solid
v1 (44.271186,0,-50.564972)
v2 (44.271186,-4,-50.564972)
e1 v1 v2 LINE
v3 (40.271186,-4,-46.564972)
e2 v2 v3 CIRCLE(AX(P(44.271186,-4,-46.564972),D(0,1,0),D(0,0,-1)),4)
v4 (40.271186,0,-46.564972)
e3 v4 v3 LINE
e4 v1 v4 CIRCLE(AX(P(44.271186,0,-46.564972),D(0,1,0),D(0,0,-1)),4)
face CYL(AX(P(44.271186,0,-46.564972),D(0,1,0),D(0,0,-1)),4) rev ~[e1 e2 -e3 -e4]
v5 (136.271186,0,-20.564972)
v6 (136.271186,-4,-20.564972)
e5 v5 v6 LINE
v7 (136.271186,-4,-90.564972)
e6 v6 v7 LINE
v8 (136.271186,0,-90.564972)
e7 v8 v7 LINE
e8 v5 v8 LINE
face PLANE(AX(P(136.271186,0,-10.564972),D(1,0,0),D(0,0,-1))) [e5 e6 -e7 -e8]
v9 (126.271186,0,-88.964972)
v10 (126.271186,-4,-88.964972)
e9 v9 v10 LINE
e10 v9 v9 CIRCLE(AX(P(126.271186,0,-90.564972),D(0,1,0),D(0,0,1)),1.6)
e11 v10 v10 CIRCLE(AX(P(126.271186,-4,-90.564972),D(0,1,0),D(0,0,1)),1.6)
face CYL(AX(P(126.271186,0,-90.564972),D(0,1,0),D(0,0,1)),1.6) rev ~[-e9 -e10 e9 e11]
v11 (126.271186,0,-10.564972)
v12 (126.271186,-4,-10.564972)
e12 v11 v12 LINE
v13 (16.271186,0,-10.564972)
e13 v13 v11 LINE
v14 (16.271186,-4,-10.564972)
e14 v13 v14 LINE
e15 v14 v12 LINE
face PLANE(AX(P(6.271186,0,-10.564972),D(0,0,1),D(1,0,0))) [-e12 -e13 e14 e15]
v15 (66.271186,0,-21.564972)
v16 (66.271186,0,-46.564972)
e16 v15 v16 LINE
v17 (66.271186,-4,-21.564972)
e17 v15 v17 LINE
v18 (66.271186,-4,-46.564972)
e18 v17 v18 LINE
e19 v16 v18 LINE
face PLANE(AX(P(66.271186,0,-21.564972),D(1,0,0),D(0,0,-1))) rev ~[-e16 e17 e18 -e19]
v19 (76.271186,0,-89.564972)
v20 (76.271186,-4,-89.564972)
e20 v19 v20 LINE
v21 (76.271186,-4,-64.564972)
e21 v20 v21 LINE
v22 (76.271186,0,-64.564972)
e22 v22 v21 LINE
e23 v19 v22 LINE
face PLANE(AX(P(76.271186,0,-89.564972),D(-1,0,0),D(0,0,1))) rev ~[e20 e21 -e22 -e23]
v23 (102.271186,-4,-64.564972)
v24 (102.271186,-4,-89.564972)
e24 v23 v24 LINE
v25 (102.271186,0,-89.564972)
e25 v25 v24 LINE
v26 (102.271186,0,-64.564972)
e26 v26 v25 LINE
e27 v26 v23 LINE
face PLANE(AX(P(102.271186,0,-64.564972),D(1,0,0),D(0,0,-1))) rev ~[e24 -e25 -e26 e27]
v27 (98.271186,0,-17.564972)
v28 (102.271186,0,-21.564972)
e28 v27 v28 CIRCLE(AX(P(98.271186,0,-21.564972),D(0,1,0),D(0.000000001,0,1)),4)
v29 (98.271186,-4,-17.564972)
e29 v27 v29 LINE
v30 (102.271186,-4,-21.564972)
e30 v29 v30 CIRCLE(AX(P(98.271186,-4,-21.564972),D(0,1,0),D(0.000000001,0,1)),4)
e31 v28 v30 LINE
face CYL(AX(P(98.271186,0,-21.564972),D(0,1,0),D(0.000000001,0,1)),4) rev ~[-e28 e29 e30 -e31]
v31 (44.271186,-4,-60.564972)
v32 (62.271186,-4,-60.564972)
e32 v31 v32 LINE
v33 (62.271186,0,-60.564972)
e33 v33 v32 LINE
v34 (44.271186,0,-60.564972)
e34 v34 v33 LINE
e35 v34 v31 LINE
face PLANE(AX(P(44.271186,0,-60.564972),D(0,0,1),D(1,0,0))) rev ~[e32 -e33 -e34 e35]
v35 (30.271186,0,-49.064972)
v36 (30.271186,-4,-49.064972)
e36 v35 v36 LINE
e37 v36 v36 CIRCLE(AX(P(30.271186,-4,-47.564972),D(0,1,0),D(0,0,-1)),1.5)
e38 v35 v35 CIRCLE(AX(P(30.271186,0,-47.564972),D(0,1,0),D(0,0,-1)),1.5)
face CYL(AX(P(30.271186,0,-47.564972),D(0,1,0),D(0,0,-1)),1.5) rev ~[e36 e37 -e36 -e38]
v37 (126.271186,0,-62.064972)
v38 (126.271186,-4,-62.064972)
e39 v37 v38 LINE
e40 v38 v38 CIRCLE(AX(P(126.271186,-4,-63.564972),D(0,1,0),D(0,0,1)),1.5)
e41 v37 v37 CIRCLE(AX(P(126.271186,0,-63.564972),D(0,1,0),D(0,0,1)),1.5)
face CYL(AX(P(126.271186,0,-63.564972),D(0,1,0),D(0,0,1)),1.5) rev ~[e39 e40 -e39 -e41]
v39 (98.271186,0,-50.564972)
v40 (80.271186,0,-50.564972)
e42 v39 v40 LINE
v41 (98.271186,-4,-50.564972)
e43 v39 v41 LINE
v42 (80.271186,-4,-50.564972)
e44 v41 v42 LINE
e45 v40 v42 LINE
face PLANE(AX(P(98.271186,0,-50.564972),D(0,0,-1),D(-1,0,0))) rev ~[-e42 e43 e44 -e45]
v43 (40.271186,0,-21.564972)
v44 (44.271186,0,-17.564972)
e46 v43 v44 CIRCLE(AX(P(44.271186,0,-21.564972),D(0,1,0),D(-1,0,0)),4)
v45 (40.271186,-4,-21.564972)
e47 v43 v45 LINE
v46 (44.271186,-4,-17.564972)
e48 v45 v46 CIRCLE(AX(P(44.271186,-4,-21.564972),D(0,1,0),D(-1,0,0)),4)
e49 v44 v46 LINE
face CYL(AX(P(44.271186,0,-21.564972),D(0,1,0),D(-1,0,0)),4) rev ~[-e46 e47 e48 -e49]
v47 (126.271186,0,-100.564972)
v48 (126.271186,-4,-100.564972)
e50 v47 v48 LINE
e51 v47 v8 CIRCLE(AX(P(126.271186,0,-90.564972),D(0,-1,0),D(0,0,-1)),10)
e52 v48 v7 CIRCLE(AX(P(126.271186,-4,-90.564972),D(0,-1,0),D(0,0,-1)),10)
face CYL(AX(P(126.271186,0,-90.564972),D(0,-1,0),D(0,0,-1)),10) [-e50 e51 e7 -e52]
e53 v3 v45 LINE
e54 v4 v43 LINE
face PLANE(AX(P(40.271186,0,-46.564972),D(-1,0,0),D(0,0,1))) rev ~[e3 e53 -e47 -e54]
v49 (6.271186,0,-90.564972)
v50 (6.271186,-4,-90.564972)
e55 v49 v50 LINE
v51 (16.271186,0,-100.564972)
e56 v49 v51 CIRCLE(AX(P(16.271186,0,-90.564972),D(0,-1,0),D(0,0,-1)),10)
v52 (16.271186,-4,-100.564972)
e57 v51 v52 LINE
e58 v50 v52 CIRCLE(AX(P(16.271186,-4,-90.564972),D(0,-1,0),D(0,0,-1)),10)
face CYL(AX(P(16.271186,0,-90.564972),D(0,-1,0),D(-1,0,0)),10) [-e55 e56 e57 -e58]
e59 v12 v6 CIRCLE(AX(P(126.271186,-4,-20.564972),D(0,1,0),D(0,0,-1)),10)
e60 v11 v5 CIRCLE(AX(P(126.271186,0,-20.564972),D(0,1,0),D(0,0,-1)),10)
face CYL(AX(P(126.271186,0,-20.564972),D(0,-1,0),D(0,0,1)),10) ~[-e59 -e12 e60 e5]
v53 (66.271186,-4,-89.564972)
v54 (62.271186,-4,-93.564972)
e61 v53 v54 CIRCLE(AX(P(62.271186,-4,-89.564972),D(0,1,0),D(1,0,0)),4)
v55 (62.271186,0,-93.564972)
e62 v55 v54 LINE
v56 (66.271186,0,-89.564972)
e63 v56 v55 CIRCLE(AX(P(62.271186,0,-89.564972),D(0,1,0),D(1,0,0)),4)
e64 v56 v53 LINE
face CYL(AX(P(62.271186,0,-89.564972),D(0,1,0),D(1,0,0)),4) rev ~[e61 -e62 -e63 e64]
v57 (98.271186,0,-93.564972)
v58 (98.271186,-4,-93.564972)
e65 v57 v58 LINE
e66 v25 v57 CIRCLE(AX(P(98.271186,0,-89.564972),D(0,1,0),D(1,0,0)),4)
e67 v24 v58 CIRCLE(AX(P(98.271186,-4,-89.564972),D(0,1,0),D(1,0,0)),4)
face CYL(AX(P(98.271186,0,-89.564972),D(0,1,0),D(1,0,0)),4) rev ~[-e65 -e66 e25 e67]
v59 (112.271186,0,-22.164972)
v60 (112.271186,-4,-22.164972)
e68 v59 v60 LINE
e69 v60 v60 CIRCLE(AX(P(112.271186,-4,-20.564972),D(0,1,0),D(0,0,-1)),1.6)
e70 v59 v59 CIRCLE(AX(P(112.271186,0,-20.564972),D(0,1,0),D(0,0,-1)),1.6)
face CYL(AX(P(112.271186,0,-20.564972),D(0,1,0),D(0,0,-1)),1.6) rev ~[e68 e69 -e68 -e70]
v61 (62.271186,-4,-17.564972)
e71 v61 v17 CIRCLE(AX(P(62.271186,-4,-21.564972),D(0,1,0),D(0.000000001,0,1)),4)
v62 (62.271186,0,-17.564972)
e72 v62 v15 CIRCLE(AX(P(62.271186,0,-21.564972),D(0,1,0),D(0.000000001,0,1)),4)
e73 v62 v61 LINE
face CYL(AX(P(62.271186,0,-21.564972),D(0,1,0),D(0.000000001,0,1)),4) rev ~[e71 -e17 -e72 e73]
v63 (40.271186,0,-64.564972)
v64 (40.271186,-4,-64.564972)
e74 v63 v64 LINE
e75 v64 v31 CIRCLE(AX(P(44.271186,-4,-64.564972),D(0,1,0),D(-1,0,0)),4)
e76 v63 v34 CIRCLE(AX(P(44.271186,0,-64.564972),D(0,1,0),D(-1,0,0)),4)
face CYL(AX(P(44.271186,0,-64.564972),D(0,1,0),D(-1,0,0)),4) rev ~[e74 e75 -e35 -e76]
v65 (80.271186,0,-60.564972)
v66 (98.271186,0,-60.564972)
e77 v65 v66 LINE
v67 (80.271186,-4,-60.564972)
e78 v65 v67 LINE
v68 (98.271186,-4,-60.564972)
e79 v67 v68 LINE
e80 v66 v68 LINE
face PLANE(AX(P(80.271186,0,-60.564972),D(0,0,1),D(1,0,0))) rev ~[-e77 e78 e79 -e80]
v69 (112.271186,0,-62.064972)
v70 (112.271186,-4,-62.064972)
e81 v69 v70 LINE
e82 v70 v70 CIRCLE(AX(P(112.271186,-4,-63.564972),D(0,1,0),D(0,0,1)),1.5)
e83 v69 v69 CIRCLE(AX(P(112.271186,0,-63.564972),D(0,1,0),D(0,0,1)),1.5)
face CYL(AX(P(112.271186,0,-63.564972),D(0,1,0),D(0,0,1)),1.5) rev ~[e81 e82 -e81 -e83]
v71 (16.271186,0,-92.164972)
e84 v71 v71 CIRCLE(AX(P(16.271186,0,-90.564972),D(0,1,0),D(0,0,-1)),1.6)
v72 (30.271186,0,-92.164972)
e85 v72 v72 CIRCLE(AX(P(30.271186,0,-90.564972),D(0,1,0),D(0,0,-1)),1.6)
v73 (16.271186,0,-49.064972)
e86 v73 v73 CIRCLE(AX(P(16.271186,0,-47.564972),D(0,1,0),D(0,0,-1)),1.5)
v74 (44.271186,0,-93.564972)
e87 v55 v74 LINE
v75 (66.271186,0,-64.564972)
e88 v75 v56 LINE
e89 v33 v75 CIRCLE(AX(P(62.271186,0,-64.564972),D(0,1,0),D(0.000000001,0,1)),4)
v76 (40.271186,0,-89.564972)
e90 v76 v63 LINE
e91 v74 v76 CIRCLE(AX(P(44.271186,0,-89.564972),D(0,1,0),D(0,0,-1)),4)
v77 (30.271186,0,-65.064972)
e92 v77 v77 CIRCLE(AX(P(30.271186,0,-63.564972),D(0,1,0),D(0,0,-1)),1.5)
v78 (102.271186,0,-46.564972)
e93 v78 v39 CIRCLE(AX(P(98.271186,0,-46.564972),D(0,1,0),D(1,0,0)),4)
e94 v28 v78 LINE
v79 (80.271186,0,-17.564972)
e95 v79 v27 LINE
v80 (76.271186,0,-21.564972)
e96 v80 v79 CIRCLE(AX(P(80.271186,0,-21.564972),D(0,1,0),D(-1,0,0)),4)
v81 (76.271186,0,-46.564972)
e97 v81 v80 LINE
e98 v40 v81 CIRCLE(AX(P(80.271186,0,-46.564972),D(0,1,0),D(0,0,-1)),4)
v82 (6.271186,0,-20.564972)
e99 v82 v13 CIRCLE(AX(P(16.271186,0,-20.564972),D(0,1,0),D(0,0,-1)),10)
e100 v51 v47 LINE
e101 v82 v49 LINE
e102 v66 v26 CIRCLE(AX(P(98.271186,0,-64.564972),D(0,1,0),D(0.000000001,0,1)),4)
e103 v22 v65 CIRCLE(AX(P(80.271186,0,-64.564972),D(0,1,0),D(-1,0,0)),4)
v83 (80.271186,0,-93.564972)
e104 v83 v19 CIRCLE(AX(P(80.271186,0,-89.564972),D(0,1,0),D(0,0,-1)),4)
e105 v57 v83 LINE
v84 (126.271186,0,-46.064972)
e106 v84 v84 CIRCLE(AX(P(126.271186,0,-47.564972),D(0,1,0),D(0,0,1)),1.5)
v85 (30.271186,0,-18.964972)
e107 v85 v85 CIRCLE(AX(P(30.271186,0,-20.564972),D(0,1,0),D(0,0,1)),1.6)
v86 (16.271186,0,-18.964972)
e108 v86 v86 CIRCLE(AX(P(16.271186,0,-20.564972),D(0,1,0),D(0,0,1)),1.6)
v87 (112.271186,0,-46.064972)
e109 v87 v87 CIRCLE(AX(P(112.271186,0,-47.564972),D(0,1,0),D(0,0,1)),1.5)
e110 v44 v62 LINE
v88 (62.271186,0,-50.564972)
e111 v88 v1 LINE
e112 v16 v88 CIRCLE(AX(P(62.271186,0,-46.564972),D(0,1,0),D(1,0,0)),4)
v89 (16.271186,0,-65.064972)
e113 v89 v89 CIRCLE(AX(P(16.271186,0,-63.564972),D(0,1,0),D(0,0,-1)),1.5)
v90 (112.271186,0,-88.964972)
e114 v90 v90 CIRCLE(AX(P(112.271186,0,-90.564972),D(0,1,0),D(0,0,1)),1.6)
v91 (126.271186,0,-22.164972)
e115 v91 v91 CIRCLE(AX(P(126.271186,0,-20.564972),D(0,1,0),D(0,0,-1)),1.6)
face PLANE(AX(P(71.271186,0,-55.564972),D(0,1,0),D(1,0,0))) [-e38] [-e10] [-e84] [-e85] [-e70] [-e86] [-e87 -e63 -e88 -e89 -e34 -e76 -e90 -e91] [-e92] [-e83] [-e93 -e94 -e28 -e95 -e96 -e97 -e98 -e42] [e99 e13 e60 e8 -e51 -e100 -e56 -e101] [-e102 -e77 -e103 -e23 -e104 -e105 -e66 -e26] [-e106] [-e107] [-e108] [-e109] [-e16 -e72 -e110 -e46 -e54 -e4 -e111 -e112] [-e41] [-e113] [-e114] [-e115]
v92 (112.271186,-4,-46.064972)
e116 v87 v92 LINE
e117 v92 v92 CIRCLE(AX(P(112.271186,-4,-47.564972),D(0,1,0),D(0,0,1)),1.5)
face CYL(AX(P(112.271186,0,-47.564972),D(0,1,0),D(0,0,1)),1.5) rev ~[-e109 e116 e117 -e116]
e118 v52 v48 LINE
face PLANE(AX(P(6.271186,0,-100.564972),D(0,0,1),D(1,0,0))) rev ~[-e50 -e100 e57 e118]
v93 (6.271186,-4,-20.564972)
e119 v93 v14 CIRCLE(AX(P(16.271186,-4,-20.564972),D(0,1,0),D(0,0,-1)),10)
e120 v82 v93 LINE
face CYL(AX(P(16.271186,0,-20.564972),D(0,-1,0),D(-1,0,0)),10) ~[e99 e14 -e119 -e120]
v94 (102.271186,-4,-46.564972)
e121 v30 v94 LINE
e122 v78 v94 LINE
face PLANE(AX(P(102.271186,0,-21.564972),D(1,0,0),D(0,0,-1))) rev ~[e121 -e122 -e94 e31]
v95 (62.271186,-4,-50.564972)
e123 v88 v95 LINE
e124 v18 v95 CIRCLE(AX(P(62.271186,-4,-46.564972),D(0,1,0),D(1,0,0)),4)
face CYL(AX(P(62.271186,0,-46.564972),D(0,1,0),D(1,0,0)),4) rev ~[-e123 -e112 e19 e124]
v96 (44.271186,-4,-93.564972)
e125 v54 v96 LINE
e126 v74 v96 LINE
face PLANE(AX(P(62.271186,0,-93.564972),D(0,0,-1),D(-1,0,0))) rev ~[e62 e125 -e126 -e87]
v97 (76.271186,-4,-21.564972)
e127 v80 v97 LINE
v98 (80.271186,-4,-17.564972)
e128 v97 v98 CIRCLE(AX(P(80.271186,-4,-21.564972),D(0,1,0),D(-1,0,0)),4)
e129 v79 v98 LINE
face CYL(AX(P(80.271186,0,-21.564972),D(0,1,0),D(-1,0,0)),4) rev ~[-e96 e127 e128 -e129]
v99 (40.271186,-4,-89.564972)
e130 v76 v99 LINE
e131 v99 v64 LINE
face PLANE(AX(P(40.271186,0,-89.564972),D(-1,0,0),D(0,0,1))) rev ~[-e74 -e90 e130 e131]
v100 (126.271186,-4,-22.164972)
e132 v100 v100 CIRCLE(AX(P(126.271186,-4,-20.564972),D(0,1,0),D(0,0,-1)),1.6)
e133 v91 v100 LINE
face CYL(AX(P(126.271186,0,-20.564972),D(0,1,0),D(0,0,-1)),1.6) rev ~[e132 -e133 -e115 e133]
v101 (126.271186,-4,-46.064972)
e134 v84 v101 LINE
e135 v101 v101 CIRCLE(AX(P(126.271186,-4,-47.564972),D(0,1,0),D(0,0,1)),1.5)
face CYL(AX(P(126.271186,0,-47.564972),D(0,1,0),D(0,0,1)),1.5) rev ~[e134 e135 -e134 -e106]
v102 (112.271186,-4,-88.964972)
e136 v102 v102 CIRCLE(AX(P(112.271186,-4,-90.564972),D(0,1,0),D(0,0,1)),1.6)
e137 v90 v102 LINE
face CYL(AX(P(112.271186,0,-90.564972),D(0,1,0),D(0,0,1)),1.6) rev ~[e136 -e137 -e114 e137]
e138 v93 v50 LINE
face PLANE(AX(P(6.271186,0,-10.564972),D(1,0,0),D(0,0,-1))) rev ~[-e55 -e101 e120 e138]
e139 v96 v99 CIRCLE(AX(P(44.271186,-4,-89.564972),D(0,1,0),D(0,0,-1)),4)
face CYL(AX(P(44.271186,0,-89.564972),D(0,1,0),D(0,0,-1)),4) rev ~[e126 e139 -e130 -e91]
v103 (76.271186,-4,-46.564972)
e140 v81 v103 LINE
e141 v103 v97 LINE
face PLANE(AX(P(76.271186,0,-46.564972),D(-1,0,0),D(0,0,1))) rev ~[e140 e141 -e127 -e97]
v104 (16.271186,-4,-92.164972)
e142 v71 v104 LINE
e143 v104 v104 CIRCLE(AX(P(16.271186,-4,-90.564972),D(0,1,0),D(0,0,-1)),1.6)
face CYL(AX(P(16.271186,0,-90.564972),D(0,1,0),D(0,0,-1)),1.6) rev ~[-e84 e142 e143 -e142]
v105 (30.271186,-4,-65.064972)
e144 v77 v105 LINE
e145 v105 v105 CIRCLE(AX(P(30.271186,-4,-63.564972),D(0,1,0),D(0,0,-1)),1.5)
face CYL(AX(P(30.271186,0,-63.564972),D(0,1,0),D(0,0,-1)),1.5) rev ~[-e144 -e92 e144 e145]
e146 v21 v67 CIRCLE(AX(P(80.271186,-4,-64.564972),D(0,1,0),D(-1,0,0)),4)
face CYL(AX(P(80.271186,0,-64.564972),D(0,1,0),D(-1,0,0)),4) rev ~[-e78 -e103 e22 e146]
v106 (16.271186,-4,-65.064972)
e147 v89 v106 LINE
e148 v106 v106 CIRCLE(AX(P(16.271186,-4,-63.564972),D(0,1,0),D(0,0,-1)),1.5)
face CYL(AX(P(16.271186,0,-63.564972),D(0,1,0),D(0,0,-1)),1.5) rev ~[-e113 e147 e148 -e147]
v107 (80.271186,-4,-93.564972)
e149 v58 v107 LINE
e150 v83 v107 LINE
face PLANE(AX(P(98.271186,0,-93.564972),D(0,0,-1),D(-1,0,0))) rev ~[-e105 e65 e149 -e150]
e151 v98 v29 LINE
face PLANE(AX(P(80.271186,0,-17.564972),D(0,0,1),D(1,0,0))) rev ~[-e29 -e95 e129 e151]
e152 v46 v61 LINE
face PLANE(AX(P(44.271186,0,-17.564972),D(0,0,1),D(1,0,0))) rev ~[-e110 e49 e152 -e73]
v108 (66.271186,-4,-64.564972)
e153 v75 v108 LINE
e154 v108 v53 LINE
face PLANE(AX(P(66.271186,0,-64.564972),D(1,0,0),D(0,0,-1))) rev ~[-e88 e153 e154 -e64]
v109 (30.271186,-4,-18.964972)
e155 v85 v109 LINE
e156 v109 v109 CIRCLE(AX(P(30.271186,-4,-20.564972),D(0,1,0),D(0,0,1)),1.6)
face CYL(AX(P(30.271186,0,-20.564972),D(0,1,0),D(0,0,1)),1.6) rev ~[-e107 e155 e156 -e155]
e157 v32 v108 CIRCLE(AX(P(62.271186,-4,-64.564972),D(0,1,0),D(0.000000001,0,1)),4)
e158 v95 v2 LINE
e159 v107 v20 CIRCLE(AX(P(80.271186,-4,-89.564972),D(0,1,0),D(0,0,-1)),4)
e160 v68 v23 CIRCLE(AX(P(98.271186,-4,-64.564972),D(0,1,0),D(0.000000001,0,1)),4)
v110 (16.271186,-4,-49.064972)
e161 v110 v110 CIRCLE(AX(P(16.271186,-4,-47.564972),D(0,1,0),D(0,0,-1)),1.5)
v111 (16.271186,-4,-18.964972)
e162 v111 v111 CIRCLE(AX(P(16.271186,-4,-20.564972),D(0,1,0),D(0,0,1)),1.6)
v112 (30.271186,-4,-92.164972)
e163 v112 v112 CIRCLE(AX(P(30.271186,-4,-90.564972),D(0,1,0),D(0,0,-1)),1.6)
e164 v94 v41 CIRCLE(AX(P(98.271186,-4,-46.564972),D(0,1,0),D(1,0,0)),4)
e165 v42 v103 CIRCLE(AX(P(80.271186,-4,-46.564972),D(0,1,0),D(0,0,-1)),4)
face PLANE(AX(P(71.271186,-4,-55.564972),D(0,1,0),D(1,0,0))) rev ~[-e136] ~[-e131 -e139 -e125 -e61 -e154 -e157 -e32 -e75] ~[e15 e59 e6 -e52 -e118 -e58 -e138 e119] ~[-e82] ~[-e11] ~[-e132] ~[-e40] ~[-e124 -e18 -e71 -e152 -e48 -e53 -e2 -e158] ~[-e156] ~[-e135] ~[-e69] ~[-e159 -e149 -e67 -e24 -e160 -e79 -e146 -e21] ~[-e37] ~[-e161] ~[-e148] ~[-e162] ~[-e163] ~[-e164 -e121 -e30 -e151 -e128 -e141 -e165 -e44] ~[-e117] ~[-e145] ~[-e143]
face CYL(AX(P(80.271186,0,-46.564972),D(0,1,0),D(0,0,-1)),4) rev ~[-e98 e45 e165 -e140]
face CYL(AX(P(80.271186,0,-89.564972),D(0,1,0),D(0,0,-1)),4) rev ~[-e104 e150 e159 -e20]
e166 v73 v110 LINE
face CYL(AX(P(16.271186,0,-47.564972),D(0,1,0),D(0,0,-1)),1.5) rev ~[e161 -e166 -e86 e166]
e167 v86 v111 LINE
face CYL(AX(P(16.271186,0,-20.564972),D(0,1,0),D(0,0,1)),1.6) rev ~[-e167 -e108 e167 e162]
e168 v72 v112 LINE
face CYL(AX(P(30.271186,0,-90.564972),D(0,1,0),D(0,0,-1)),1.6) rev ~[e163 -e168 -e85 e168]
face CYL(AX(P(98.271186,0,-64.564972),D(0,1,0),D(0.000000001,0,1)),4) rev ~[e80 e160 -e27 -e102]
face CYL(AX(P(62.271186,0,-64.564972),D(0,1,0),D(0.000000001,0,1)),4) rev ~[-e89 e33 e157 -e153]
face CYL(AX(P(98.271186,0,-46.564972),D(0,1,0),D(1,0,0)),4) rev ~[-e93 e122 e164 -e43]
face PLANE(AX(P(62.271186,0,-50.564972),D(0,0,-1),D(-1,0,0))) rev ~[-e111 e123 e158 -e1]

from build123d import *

# Parameters (mm, degrees)
SKETCH2_W           = 130
SKETCH2_H           = 90
BOSS_EXTRUDE1_DEPTH = 4
SKETCH3_R           = 1.5
CUT_EXTRUDE1_DEPTH  = 10
SKETCH4_R           = 1.6
CUT_EXTRUDE2_DEPTH  = 10
FILLET1_R           = 10
CUT_EXTRUDE3_DEPTH  = 10


with BuildPart() as part:
    # Sketch2 → Boss-Extrude1 (new body)
    with BuildSketch(Plane(origin=(0, 0, 0), x_dir=(1, 0, 0), z_dir=(0, 1, 0))):
        with Locations((71.271186441, 55.564971751)):
            Rectangle(SKETCH2_W, SKETCH2_H)
    extrude(amount=-BOSS_EXTRUDE1_DEPTH)

    # Sketch3 → Cut-Extrude1 (cut)
    with BuildSketch(Plane(origin=(0, 0, 0), x_dir=(1, 0, 0), z_dir=(0, 1, 0))):
        with Locations(Location((126.271186441, 63.564971751, 0), (0, 0, 270))):
            Circle(SKETCH3_R)
        with Locations(Location((126.271186441, 47.564971751, 0), (0, 0, 270))):
            Circle(SKETCH3_R)
        with Locations(Location((112.271186441, 47.564971751, 0), (0, 0, 270))):
            Circle(SKETCH3_R)
        with Locations(Location((112.271186441, 63.564971751, 0), (0, 0, 270))):
            Circle(SKETCH3_R)
        with Locations(Location((16.271186441, 47.564971751, 0), (0, 0, 90))):
            Circle(SKETCH3_R)
        with Locations(Location((30.271186441, 47.564971751, 0), (0, 0, 90))):
            Circle(SKETCH3_R)
        with Locations(Location((16.271186441, 63.564971751, 0), (0, 0, 90))):
            Circle(SKETCH3_R)
        with Locations(Location((30.271186441, 63.564971751, 0), (0, 0, 90))):
            Circle(SKETCH3_R)
    extrude(amount=-CUT_EXTRUDE1_DEPTH, mode=Mode.SUBTRACT)

    # Sketch4 → Cut-Extrude2 (cut)
    with BuildSketch(Plane(origin=(0, 0, 0), x_dir=(1, 0, 0), z_dir=(0, 1, 0))):
        with Locations(Location((16.271186441, 20.564971751, 0), (0, 0, 270))):
            Circle(SKETCH4_R)
        with Locations(Location((30.271186441, 20.564971751, 0), (0, 0, 270))):
            Circle(SKETCH4_R)
        with Locations(Location((30.271186441, 90.564971751, 0), (0, 0, 90))):
            Circle(SKETCH4_R)
        with Locations(Location((16.271186441, 90.564971751, 0), (0, 0, 90))):
            Circle(SKETCH4_R)
        with Locations(Location((112.271186441, 20.564971751, 0), (0, 0, 90))):
            Circle(SKETCH4_R)
        with Locations(Location((126.271186441, 20.564971751, 0), (0, 0, 90))):
            Circle(SKETCH4_R)
        with Locations(Location((126.271186441, 90.564971751, 0), (0, 0, 270))):
            Circle(SKETCH4_R)
        with Locations(Location((112.271186441, 90.564971751, 0), (0, 0, 270))):
            Circle(SKETCH4_R)
    extrude(amount=-CUT_EXTRUDE2_DEPTH, mode=Mode.SUBTRACT)

    # Fillet1
    fillet1_edges = [part.edges().sort_by_distance(p)[0] for p in [
        (6.271186441, -2, -100.564971751),
        (136.271186441, -2, -100.564971751),
        (136.271186441, -2, -10.564971751),
        (6.271186441, -2, -10.564971751),
    ]]
    fillet(fillet1_edges, radius=FILLET1_R)

    # Sketch5 → Cut-Extrude3 (cut)
    with BuildSketch(Plane(origin=(0, 0, 0), x_dir=(1, 0, 0), z_dir=(0, 1, 0))):
        with BuildLine():
            Line((76.271186441, 89.564971751), (76.271186441, 64.564971751))
            ThreePointArc((76.271186441, 64.564971751), (77.442759316, 61.736544627), (80.271186441, 60.564971751))
            Line((80.271186441, 60.564971751), (98.271186441, 60.564971751))
            ThreePointArc((98.271186441, 60.564971751), (101.099613565, 61.736544627), (102.271186441, 64.564971751))
            Line((102.271186441, 64.564971751), (102.271186441, 89.564971751))
            ThreePointArc((102.271186441, 89.564971751), (101.099613565, 92.393398876), (98.271186441, 93.564971751))
            Line((98.271186441, 93.564971751), (80.271186441, 93.564971751))
            ThreePointArc((80.271186441, 93.564971751), (77.442759316, 92.393398876), (76.271186441, 89.564971751))
        make_face()
        with BuildLine():
            Line((40.271186441, 89.564971751), (40.271186441, 64.564971751))
            ThreePointArc((40.271186441, 64.564971751), (41.442759316, 61.736544627), (44.271186441, 60.564971751))
            Line((44.271186441, 60.564971751), (62.271186441, 60.564971751))
            ThreePointArc((62.271186441, 60.564971751), (65.099613565, 61.736544627), (66.271186441, 64.564971751))
            Line((66.271186441, 64.564971751), (66.271186441, 89.564971751))
            ThreePointArc((66.271186441, 89.564971751), (65.099613565, 92.393398876), (62.271186441, 93.564971751))
            Line((62.271186441, 93.564971751), (44.271186441, 93.564971751))
            ThreePointArc((44.271186441, 93.564971751), (41.442759316, 92.393398876), (40.271186441, 89.564971751))
        make_face()
        with BuildLine():
            Line((66.271186441, 21.564971751), (66.271186441, 46.564971751))
            ThreePointArc((66.271186441, 46.564971751), (65.099613565, 49.393398876), (62.271186441, 50.564971751))
            Line((62.271186441, 50.564971751), (44.271186441, 50.564971751))
            ThreePointArc((44.271186441, 50.564971751), (41.442759316, 49.393398876), (40.271186441, 46.564971751))
            Line((40.271186441, 46.564971751), (40.271186441, 21.564971751))
            ThreePointArc((40.271186441, 21.564971751), (41.442759316, 18.736544627), (44.271186441, 17.564971751))
            Line((44.271186441, 17.564971751), (62.271186441, 17.564971751))
            ThreePointArc((62.271186441, 17.564971751), (65.099613565, 18.736544627), (66.271186441, 21.564971751))
        make_face()
        with BuildLine():
            Line((102.271186441, 21.564971751), (102.271186441, 46.564971751))
            ThreePointArc((102.271186441, 46.564971751), (101.099613565, 49.393398876), (98.271186441, 50.564971751))
            Line((98.271186441, 50.564971751), (80.271186441, 50.564971751))
            ThreePointArc((80.271186441, 50.564971751), (77.442759316, 49.393398876), (76.271186441, 46.564971751))
            Line((76.271186441, 46.564971751), (76.271186441, 21.564971751))
            ThreePointArc((76.271186441, 21.564971751), (77.442759316, 18.736544627), (80.271186441, 17.564971751))
            Line((80.271186441, 17.564971751), (98.271186441, 17.564971751))
            ThreePointArc((98.271186441, 17.564971751), (101.099613565, 18.736544627), (102.271186441, 21.564971751))
        make_face()
    extrude(amount=-CUT_EXTRUDE3_DEPTH, mode=Mode.SUBTRACT)


solid = part.part
